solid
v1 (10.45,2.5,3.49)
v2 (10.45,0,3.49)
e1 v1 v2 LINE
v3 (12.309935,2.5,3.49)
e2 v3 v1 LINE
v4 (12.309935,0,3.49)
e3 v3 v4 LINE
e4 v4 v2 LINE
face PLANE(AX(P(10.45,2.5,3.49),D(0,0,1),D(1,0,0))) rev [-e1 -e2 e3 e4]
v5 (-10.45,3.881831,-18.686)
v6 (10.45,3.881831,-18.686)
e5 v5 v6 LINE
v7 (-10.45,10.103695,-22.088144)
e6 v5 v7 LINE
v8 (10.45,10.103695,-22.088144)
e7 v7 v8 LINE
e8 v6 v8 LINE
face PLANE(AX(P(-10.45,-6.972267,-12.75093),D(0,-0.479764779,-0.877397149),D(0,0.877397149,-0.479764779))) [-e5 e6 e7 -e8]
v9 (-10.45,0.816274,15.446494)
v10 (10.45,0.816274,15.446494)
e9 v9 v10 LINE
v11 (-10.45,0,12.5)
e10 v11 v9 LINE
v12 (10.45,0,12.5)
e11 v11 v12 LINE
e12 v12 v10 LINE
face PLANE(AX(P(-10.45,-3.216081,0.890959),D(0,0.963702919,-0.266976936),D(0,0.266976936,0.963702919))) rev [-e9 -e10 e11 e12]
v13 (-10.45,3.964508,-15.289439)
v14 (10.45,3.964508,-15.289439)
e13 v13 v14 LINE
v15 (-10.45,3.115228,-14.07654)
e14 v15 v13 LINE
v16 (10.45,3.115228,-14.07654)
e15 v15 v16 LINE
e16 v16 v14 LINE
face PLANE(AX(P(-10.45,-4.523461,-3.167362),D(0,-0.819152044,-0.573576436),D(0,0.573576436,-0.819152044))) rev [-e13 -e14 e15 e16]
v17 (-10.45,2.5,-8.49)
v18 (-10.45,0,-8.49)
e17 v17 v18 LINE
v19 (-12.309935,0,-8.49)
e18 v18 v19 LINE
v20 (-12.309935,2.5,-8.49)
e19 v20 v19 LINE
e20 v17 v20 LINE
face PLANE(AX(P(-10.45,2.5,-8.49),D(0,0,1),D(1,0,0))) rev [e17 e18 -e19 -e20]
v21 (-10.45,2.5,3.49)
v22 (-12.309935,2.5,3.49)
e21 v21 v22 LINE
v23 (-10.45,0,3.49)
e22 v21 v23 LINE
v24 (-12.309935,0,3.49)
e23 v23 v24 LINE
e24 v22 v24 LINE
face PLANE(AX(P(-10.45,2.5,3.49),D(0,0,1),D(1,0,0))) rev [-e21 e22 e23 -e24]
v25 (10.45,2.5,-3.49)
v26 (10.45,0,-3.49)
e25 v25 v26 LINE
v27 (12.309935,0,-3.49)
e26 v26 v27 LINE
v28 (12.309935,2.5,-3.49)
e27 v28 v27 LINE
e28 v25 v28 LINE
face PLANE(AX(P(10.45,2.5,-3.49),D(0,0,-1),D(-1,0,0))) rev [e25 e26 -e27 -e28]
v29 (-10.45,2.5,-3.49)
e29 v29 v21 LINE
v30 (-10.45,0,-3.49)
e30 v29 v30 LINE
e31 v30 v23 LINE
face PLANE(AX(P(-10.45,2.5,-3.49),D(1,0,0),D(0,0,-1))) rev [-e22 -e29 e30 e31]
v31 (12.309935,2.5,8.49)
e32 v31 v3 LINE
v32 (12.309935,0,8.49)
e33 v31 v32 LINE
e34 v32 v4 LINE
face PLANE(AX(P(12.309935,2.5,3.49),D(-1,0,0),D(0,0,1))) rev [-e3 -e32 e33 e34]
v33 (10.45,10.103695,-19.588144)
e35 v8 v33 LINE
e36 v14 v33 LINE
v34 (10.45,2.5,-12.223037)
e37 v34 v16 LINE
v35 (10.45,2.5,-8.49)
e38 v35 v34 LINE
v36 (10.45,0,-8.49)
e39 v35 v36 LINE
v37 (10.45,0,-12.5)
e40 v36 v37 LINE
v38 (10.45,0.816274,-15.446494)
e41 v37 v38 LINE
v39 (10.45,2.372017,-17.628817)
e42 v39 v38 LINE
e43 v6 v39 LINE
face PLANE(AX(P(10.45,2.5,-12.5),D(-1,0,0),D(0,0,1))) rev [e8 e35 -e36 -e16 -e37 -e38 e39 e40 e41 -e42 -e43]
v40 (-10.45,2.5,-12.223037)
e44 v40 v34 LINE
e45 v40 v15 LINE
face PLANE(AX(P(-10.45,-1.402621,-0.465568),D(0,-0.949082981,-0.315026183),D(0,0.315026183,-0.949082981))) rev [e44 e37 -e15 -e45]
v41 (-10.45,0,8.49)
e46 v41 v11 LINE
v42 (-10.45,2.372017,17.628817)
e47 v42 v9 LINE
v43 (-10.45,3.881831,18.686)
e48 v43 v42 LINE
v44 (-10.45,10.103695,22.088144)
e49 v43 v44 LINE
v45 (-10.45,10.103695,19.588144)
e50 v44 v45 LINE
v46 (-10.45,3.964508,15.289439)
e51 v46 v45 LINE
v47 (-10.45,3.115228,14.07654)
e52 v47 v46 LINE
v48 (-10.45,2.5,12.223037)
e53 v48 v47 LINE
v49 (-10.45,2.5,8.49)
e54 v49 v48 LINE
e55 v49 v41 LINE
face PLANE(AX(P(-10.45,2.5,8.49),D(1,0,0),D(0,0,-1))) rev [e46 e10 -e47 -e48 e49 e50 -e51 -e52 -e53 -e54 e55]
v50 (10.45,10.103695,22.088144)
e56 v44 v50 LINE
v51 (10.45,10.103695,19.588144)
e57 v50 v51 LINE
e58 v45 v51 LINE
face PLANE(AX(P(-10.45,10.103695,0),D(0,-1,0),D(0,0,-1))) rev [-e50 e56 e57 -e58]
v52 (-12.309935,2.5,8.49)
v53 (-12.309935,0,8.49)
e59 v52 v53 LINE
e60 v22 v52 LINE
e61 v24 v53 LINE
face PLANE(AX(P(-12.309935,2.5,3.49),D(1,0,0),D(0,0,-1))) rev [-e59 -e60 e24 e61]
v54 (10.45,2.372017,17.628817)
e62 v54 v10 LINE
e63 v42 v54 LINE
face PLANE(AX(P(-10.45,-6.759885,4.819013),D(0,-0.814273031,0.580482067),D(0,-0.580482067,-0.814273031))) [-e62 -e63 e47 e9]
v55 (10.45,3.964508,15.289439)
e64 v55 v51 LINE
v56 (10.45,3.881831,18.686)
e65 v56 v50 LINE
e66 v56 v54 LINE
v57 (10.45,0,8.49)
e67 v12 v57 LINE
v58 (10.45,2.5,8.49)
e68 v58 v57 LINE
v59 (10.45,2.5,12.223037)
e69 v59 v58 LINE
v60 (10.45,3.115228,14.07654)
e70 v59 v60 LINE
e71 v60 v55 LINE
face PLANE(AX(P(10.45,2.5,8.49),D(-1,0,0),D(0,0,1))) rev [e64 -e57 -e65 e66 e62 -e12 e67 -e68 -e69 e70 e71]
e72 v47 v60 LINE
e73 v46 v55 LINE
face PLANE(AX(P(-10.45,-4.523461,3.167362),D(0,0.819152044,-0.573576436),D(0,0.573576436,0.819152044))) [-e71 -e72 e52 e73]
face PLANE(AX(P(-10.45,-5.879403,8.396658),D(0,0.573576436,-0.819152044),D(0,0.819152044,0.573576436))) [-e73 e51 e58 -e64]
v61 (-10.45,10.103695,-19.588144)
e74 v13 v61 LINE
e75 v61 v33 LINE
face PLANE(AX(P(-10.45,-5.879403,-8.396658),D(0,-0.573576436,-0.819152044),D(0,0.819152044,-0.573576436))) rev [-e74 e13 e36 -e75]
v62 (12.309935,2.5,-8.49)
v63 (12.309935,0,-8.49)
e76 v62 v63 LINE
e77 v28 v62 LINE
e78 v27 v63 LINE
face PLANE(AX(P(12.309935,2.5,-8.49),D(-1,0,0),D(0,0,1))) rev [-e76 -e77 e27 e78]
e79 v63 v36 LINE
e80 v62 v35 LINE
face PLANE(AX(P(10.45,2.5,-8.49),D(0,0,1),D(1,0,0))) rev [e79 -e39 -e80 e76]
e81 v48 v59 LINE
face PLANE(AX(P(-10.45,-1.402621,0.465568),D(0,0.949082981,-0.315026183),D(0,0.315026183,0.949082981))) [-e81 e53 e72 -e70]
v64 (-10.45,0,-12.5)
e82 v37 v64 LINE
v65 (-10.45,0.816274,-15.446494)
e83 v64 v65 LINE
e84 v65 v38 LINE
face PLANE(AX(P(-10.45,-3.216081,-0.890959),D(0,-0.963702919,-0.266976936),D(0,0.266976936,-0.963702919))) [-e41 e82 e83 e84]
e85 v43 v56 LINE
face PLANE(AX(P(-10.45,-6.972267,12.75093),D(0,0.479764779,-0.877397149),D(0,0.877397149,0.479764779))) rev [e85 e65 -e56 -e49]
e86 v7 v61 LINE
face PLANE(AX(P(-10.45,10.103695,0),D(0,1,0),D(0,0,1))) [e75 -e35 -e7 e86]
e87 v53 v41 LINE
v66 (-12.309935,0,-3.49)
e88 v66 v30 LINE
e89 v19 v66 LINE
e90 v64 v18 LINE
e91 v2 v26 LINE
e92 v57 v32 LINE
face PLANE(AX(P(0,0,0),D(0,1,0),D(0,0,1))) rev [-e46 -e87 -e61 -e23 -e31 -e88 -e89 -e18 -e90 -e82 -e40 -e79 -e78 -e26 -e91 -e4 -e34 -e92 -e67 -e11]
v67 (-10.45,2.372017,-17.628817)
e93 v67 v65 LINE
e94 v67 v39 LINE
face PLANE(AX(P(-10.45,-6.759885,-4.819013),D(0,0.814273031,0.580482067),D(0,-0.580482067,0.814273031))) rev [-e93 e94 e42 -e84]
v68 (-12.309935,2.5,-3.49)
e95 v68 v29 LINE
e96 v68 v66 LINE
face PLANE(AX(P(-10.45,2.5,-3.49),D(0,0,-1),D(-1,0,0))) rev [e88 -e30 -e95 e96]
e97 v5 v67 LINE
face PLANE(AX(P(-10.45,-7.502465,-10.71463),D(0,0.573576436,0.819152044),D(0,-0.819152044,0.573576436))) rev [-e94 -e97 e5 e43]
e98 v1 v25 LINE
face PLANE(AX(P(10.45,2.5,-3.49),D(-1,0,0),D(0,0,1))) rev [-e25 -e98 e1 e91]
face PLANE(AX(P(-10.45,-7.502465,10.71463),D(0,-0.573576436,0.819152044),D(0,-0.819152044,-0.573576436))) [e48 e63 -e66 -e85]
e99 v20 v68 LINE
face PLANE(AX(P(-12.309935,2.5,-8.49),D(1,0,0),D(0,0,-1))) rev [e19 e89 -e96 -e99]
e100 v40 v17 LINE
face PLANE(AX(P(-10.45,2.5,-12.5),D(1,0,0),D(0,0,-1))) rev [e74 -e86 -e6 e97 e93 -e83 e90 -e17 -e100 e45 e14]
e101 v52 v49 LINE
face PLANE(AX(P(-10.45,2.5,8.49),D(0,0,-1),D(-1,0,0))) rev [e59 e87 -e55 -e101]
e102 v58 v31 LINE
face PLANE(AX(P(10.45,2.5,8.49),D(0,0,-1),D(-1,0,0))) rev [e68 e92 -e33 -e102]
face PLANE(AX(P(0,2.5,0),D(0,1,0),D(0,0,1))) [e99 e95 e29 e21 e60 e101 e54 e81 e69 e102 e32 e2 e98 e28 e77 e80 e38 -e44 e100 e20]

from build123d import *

# Parameters (mm, degrees)
EXTRUDE_1_DEPTH      = 2.5
EXTRUDE_2_DEPTH      = 10.45
EXTRUDE_2_DEPTH_BACK = 10.45


with BuildPart() as part:
    # 스케치2 → 보스-돌출1 (new body)
    with BuildSketch(Plane(origin=(0, 0, 0), x_dir=(1, 0, 0), z_dir=(0, 1, 0))):
        Polygon((-10.45, 12.5), (10.45, 12.5), (10.45, 8.49), (12.309935206, 8.49), (12.309935206, 3.49), (10.45, 3.49), (10.45, -3.49), (12.309935206, -3.49), (12.309935206, -8.49), (10.45, -8.49), (10.45, -12.5), (-10.45, -12.5), (-10.45, -8.49), (-12.309935206, -8.49), (-12.309935206, -3.49), (-10.45, -3.49), (-10.45, 3.49), (-12.309935206, 3.49), (-12.309935206, 8.49), (-10.45, 8.49), align=None)
    extrude(amount=EXTRUDE_1_DEPTH)

    # 스케치3 → 보스-돌출2 (add, two sides: drawn at the far end of the back side and taken through both)
    with BuildSketch(Plane(origin=(0, 0, 0), x_dir=(0, 0, -1), z_dir=(1, 0, 0)).offset(-EXTRUDE_2_DEPTH_BACK)):
        Polygon((0, 0), (12.5, 0), (15.446494384, 0.816274423), (17.628816823, 2.372016775), (18.685999924, 3.881830714), (22.088144039, 10.103695427), (19.588144039, 10.103695427), (15.289438896, 3.964508245), (14.076540474, 3.115227628), (12.22303717, 2.5), (-12.347890055, 2.5), (-12.22303717, 2.5), (-14.076540474, 3.115227628), (-15.289438896, 3.964508245), (-19.588144039, 10.103695427), (-22.088144039, 10.103695427), (-18.685999924, 3.881830714), (-17.628816823, 2.372016775), (-15.446494384, 0.816274423), (-12.5, 0), align=None)
    extrude(amount=EXTRUDE_2_DEPTH + EXTRUDE_2_DEPTH_BACK)


solid = part.part
